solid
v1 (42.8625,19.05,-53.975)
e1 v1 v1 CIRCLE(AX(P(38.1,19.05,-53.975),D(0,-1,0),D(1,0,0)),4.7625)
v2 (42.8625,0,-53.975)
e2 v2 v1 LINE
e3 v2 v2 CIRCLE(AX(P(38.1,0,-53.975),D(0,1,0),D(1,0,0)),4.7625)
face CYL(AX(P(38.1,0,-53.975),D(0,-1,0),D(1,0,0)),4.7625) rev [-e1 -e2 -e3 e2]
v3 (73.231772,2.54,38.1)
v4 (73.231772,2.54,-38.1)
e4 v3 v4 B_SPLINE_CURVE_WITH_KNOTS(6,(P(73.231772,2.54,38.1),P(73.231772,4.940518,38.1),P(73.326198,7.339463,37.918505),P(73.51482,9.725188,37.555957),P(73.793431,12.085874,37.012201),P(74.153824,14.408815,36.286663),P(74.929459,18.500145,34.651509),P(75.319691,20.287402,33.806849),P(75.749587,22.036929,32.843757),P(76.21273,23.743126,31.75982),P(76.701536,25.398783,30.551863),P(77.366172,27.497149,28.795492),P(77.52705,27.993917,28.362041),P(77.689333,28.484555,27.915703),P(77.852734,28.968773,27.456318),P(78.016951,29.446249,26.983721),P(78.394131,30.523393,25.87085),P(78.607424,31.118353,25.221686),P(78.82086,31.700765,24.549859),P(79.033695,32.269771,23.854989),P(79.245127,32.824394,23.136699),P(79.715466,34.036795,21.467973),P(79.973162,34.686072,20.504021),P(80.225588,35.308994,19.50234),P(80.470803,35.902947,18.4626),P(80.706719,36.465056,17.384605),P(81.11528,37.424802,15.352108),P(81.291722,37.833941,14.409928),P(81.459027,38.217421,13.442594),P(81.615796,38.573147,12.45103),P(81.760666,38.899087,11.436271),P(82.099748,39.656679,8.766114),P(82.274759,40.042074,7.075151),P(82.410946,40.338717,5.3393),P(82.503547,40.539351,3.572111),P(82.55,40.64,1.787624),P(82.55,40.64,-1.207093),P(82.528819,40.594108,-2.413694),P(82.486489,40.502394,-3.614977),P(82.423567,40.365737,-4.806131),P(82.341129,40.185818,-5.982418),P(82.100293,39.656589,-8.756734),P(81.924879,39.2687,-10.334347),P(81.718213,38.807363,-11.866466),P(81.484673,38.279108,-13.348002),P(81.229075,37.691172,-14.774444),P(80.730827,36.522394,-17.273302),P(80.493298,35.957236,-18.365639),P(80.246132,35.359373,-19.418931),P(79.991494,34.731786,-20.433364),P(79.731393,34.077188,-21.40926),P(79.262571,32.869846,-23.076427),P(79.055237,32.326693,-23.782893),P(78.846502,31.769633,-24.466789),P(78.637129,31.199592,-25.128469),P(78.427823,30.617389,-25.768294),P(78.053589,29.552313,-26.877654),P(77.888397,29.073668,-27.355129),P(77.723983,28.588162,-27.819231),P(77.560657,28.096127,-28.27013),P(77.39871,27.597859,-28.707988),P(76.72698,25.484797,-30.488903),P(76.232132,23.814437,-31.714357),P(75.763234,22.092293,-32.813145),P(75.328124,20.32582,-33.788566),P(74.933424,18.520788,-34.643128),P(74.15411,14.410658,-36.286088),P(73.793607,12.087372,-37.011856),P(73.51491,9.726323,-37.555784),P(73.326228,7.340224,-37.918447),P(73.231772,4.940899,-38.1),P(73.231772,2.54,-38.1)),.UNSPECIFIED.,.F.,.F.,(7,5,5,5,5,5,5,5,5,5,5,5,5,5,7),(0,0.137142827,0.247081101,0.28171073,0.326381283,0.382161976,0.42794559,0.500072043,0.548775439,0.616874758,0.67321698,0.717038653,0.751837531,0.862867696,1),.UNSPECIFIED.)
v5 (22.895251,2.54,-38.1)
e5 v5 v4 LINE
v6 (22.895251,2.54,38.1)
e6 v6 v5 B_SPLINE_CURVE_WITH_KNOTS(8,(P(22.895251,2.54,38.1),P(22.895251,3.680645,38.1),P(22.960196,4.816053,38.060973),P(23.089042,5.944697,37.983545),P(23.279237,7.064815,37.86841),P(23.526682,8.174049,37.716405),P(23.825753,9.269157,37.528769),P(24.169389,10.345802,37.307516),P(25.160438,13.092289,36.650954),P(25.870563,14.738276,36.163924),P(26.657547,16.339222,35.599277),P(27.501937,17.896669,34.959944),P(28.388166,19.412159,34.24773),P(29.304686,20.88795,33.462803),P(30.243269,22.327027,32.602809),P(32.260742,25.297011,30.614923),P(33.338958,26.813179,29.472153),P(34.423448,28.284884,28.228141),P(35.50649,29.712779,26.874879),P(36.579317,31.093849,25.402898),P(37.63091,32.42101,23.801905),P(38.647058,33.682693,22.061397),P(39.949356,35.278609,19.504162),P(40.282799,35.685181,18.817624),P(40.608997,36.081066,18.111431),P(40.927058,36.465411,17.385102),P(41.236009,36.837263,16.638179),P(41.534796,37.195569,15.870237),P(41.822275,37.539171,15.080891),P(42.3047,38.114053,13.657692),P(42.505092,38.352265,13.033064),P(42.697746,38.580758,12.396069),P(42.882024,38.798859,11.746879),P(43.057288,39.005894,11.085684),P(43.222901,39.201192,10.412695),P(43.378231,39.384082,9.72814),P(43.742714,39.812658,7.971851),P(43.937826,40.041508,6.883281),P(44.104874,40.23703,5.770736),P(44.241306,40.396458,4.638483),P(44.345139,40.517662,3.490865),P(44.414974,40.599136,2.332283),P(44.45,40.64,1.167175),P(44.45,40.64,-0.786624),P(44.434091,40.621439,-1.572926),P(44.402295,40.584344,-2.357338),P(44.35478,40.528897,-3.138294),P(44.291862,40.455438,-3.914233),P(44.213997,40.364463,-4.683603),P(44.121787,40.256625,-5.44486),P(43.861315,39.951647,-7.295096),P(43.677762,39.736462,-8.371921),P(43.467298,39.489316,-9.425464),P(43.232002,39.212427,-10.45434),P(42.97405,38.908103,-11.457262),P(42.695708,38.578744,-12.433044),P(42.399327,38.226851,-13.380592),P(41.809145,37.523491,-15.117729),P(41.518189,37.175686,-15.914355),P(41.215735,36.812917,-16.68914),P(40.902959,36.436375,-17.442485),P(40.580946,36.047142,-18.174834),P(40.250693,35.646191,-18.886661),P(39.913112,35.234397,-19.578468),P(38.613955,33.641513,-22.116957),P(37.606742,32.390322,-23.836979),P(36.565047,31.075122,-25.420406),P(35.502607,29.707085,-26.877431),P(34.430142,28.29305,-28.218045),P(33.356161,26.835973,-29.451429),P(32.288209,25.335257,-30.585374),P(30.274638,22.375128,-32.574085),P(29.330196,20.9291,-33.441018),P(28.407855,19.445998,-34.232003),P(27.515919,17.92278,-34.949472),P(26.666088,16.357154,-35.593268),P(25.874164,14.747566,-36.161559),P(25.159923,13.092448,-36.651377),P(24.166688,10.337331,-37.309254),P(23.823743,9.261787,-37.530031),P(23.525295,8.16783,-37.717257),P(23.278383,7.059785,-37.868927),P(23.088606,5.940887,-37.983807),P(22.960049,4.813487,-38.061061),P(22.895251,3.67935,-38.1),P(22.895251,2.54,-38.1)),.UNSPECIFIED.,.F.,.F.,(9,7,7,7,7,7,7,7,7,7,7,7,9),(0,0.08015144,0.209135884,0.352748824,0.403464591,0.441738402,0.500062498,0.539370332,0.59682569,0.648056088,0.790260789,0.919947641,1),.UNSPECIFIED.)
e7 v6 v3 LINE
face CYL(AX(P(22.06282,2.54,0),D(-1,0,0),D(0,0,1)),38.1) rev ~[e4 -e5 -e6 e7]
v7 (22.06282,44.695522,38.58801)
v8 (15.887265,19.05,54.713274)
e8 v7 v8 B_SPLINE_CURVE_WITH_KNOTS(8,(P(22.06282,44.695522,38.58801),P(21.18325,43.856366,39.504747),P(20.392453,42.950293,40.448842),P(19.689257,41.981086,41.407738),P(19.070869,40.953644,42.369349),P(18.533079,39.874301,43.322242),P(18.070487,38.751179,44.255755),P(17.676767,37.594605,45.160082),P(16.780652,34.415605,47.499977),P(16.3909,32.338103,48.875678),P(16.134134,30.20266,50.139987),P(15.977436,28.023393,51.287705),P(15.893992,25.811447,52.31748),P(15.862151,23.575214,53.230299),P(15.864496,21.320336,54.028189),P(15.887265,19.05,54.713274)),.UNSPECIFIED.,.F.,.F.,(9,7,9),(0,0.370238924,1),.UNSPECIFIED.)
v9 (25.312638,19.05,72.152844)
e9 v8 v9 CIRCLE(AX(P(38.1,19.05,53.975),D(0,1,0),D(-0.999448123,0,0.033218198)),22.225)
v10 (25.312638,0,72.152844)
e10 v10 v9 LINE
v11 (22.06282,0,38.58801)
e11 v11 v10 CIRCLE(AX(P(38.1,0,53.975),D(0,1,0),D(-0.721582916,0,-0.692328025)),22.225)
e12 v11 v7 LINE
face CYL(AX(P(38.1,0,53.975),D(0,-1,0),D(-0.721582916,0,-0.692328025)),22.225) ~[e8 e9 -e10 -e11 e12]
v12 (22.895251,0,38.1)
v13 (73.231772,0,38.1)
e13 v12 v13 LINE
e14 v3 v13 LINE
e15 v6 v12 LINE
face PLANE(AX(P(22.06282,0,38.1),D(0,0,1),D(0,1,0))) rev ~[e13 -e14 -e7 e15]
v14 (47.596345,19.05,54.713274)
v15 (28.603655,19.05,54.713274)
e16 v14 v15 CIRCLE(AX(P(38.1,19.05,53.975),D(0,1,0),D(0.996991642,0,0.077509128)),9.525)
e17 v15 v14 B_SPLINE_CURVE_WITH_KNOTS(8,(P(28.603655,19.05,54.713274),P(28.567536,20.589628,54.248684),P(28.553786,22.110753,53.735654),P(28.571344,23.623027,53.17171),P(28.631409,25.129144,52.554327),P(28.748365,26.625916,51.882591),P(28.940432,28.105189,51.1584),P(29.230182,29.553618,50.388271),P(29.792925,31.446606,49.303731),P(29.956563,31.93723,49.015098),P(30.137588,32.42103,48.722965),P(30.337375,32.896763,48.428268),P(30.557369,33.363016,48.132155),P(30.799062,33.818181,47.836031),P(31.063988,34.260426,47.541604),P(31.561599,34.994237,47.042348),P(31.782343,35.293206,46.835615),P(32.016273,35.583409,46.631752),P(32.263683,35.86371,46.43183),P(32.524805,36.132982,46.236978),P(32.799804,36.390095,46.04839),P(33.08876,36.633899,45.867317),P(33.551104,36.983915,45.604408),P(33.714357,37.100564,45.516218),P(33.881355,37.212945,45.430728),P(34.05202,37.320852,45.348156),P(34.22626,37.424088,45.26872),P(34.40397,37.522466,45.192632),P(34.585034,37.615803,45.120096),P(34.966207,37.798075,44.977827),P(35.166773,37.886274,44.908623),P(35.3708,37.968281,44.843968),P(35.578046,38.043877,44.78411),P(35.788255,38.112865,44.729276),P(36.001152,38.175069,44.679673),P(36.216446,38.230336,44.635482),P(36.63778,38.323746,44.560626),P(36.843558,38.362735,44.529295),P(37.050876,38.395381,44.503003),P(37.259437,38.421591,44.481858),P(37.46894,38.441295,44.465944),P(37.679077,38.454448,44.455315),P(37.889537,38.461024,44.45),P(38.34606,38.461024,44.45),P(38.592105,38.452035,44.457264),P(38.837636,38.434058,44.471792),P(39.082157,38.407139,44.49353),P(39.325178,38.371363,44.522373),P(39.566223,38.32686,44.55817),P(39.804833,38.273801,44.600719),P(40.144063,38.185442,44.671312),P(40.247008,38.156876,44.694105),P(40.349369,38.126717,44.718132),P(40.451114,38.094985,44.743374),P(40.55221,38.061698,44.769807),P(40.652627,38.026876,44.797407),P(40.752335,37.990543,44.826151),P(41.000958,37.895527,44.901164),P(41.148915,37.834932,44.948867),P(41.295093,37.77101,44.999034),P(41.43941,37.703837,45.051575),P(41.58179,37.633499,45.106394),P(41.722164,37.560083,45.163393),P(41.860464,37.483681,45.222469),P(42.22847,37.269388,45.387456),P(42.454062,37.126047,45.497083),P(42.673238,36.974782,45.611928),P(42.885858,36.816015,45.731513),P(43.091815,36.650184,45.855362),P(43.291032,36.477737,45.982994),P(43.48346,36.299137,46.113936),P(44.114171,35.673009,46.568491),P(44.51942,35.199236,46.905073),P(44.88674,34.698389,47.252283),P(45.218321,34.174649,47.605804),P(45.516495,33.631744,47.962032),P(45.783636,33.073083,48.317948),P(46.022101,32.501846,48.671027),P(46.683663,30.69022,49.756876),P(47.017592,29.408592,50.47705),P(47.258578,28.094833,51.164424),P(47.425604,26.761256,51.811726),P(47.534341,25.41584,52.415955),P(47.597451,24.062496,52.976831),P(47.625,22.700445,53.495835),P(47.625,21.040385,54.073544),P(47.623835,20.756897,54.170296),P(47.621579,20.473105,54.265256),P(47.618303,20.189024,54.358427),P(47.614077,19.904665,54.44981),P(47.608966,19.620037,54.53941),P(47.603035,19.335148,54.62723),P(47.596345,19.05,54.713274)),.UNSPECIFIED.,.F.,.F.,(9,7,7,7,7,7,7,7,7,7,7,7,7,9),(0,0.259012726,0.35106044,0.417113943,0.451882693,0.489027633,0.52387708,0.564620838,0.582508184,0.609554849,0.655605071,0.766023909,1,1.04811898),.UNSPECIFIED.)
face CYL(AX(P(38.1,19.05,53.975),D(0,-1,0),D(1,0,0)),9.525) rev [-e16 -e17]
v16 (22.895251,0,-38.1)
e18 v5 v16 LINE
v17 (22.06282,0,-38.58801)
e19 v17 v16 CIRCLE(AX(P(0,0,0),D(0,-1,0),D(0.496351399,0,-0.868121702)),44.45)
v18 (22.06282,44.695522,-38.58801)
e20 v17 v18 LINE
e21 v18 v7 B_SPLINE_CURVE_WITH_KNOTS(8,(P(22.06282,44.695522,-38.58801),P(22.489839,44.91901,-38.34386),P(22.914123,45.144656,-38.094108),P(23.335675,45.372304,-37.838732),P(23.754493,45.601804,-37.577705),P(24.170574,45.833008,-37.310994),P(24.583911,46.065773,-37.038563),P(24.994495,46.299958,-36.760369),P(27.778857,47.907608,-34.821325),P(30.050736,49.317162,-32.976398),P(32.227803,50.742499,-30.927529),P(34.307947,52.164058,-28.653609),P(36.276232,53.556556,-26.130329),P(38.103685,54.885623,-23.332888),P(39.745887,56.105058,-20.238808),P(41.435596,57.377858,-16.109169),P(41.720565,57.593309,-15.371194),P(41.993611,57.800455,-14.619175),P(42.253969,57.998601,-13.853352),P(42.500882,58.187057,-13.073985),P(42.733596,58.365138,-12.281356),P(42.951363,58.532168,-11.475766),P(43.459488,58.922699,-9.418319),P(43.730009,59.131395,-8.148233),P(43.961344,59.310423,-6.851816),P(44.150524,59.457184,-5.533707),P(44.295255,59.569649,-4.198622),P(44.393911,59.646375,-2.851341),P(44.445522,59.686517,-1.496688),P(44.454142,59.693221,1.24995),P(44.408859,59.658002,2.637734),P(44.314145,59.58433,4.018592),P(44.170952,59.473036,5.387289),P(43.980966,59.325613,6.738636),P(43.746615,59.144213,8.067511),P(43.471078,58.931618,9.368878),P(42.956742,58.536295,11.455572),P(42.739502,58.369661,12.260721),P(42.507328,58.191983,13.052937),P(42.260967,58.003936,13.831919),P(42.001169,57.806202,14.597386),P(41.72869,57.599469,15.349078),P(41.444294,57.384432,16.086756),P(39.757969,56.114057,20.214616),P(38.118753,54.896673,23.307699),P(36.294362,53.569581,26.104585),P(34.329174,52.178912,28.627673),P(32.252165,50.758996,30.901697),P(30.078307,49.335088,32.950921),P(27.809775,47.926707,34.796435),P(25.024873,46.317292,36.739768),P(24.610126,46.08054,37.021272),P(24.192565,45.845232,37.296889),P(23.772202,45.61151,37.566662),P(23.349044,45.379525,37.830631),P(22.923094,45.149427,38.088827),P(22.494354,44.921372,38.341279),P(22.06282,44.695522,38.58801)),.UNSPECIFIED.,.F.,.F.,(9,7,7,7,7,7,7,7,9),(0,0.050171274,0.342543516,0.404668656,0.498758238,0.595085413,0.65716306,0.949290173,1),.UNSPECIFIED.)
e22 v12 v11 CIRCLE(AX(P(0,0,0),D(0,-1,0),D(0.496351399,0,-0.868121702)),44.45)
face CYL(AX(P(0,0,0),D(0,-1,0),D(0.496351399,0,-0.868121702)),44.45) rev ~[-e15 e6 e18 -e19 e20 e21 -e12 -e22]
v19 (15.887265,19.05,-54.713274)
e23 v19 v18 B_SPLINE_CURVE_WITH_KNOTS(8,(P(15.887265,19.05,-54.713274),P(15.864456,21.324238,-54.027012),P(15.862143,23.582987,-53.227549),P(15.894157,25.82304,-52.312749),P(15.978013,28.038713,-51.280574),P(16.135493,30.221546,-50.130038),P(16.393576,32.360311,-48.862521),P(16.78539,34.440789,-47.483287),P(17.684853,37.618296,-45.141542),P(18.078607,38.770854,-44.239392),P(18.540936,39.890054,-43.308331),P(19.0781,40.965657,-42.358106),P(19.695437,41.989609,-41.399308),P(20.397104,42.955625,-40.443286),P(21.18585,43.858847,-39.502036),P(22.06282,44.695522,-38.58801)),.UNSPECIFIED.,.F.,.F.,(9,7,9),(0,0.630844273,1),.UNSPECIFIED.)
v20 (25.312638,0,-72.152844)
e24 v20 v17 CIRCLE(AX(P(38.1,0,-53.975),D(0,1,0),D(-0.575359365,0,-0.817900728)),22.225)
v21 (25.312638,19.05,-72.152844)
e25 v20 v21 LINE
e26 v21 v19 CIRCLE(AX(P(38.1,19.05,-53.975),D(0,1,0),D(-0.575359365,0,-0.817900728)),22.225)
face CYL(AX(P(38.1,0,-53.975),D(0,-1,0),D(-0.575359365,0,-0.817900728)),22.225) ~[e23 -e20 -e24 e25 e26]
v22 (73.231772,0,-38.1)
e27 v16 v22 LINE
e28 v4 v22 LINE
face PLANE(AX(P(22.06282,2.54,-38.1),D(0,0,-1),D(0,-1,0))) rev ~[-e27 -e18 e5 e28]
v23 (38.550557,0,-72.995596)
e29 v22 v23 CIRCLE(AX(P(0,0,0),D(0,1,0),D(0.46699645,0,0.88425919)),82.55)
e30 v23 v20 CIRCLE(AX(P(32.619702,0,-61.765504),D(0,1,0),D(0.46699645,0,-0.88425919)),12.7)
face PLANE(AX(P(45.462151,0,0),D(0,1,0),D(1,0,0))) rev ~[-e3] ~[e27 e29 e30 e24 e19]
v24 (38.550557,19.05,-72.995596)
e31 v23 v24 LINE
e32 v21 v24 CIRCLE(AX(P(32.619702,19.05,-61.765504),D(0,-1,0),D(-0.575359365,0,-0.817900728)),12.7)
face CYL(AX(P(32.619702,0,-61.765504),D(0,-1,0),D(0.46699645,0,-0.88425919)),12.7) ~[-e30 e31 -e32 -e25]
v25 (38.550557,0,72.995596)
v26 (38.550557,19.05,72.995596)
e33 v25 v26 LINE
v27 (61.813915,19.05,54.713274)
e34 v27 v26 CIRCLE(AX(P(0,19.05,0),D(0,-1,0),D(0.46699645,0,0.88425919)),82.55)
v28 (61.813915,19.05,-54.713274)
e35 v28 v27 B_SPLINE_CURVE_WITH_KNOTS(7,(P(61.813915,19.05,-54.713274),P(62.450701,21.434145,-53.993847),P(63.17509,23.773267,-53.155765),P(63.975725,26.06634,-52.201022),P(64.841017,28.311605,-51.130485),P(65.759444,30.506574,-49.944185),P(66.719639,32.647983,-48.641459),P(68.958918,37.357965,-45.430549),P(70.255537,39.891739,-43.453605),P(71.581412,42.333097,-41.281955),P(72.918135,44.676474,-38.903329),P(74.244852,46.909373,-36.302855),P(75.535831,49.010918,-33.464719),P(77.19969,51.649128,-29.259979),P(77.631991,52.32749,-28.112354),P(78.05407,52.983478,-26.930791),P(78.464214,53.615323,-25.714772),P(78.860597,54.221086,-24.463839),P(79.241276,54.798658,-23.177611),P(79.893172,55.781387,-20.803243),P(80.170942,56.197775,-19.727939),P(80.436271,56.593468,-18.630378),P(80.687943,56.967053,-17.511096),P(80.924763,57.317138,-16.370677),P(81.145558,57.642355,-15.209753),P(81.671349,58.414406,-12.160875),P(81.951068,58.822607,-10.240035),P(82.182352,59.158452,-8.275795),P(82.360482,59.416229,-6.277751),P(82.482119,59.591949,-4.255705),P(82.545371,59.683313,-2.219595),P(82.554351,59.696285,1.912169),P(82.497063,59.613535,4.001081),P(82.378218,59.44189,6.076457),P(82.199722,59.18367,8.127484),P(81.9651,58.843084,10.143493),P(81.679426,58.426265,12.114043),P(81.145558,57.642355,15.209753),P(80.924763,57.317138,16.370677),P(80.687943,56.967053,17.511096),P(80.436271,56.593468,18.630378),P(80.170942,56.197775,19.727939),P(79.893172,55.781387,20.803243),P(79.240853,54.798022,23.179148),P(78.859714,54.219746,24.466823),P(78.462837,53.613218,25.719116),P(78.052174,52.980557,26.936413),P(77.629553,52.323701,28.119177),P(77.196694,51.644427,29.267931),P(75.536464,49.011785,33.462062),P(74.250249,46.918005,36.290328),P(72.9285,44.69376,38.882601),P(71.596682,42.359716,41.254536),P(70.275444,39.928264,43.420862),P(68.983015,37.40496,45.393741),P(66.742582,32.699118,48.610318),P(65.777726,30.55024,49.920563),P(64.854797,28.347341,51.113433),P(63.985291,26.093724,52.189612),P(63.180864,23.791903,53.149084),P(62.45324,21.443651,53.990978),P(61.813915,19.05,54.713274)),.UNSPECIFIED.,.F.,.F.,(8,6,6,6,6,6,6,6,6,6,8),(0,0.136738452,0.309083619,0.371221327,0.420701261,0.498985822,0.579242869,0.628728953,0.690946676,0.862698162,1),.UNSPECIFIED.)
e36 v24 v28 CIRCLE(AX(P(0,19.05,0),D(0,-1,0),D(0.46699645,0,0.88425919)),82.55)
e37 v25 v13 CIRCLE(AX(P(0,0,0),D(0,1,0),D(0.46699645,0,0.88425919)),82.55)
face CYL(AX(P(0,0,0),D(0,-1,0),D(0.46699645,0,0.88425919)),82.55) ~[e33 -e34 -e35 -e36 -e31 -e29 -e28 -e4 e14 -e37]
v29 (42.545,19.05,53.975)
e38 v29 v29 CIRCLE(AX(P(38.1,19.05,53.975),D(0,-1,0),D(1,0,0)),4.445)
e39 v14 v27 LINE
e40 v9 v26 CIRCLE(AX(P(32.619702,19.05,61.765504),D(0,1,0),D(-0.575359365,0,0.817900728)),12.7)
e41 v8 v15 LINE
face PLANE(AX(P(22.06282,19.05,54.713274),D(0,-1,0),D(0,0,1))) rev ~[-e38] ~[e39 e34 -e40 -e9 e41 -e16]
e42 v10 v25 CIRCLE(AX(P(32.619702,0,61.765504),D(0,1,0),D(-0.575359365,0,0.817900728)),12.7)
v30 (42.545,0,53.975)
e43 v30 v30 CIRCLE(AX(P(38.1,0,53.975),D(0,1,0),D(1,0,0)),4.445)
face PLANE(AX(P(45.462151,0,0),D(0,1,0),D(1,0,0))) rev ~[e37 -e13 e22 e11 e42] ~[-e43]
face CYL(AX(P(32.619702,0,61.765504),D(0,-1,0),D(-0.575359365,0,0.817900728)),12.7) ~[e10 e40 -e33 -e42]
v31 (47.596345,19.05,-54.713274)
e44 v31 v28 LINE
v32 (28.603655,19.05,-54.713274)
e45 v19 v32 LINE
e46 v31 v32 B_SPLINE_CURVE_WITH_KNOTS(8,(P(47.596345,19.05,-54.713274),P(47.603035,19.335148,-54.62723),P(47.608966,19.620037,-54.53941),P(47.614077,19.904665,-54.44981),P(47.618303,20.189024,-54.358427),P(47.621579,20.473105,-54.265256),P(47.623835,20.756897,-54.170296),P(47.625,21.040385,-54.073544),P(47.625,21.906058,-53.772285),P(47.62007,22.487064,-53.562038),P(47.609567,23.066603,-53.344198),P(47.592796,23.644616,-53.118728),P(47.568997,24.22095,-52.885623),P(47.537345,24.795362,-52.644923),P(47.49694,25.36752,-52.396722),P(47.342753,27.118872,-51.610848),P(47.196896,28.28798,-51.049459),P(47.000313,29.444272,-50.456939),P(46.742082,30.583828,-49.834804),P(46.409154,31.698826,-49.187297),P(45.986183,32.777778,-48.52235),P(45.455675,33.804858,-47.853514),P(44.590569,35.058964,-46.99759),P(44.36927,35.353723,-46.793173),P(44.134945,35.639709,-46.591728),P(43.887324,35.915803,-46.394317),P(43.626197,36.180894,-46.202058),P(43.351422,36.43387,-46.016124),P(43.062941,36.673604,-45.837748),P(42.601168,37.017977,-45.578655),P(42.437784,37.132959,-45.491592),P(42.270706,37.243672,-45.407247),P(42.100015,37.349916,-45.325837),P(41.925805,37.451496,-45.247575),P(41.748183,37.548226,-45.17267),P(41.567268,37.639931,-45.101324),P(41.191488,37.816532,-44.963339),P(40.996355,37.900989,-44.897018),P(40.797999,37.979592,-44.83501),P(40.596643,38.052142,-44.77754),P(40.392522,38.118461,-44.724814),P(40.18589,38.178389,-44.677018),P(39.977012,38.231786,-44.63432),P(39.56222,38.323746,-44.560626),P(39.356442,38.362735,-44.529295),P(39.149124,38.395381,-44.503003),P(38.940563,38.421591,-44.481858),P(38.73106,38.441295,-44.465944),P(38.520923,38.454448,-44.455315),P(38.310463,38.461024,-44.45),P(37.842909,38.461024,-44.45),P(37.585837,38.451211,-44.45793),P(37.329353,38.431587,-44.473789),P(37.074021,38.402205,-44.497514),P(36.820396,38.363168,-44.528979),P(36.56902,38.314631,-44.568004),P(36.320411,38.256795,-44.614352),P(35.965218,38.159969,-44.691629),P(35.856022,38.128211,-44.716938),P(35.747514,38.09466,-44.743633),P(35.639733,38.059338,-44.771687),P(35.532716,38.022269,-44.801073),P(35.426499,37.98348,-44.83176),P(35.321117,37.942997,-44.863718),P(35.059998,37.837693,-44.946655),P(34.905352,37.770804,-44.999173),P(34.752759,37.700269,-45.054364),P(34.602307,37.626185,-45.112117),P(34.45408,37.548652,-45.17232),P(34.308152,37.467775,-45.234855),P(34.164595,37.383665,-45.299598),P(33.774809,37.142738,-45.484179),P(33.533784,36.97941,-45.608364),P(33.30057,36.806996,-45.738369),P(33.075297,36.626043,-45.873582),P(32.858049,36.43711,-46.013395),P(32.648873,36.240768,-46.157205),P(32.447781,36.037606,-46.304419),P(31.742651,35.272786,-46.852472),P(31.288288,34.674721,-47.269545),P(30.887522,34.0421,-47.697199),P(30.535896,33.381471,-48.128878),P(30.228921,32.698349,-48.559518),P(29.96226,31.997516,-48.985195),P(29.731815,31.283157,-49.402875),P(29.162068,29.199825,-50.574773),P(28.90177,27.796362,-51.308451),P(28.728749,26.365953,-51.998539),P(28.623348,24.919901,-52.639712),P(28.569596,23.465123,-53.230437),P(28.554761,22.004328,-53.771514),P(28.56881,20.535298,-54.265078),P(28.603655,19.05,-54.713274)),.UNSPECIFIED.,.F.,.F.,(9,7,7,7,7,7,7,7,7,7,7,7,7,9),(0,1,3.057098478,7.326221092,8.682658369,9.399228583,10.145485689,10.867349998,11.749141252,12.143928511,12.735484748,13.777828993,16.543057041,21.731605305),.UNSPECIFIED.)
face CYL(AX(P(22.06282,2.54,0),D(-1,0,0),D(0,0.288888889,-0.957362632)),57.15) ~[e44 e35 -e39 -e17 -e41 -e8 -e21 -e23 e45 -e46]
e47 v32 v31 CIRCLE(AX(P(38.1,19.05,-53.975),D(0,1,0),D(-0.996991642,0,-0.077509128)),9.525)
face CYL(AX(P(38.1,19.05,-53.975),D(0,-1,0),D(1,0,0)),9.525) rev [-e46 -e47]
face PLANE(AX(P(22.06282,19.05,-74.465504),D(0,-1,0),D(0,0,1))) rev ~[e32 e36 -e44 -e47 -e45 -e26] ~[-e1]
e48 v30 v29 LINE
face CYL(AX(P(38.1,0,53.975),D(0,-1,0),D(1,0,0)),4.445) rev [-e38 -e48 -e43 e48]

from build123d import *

# Parameters (mm, degrees)
SKETCH1_R               = 4.7625
SKETCH1_R_2             = 4.445
BOSS_EXTRUDE1_DEPTH     = 76.2
CUT_EXTRUDE6_DEPTH      = 61.487180317
CUT_EXTRUDE7_DEPTH      = 7.187819683
CUT_EXTRUDE7_DEPTH_BACK = 61.487180417
SKETCH10_R              = 9.525
CUT_EXTRUDE8_DEPTH      = 41.6400001


with BuildPart() as part:
    # Sketch1 → Boss-Extrude1 (new body)
    with BuildSketch(Plane(origin=(0, 0, 0), x_dir=(1, 0, 0), z_dir=(0, 1, 0))):
        with BuildLine():
            ThreePointArc((38.550556967, -72.995596152), (82.55, 0), (38.550556967, 72.995596152))
            ThreePointArc((38.550556967, 72.995596152), (31.812827991, 74.439846796), (25.312638114, 72.152843684))
            ThreePointArc((25.312638114, 72.152843684), (15.978447625, 56.116855626), (22.062819683, 38.588009636))
            ThreePointArc((22.062819683, 38.588009636), (44.45, 0), (22.062819683, -38.588009636))
            ThreePointArc((22.062819683, -38.588009636), (15.978447625, -56.116855626), (25.312638114, -72.152843684))
            ThreePointArc((25.312638114, -72.152843684), (31.812827991, -74.439846796), (38.550556967, -72.995596152))
        make_face()
        with Locations((38.1, 53.975)):
            Circle(SKETCH1_R, mode=Mode.SUBTRACT)
        with Locations((38.1, -53.975)):
            Circle(SKETCH1_R_2, mode=Mode.SUBTRACT)
    extrude(amount=BOSS_EXTRUDE1_DEPTH)

    # Sketch7 → Cut-Extrude6 (cut, through all)
    with BuildSketch(Plane.ZY.offset(-22.062819683)):
        with BuildLine():
            Line((-38.1, 2.54), (-38.1, 0))
            Line((-38.1, 0), (38.1, 0))
            Line((38.1, 0), (38.1, 2.54))
            ThreePointArc((38.1, 2.54), (0, 40.64), (-38.1, 2.54))
        make_face()
    extrude(amount=-CUT_EXTRUDE6_DEPTH, mode=Mode.SUBTRACT)

    # Sketch9 → Cut-Extrude7 (cut, two sides)
    with BuildSketch(Plane.ZY.offset(-22.062819683)) as cut_extrude7_sk:
        with BuildLine():
            Line((-74.465504436, 76.2), (-74.465504436, 19.05))
            Line((-74.465504436, 19.05), (-54.71327444, 19.05))
            ThreePointArc((-54.71327444, 19.05), (0, 59.69), (54.71327444, 19.05))
            Line((54.71327444, 19.05), (74.465504436, 19.05))
            Line((74.465504436, 19.05), (74.465504436, 76.2))
            Line((74.465504436, 76.2), (-74.465504436, 76.2))
        make_face()
    extrude(amount=CUT_EXTRUDE7_DEPTH, mode=Mode.SUBTRACT)
    extrude(cut_extrude7_sk.sketch, amount=-CUT_EXTRUDE7_DEPTH_BACK, mode=Mode.SUBTRACT)

    # Sketch10 → Cut-Extrude8 (cut, through all)
    with BuildSketch(Plane(origin=(0, 19.05, 0), x_dir=(1, 0, 0), z_dir=(0, 1, 0))):
        with Locations((38.1, 53.975)):
            Circle(SKETCH10_R)
        with Locations((38.1, -53.975)):
            Circle(SKETCH10_R)
    extrude(amount=CUT_EXTRUDE8_DEPTH, mode=Mode.SUBTRACT)


solid = part.part
